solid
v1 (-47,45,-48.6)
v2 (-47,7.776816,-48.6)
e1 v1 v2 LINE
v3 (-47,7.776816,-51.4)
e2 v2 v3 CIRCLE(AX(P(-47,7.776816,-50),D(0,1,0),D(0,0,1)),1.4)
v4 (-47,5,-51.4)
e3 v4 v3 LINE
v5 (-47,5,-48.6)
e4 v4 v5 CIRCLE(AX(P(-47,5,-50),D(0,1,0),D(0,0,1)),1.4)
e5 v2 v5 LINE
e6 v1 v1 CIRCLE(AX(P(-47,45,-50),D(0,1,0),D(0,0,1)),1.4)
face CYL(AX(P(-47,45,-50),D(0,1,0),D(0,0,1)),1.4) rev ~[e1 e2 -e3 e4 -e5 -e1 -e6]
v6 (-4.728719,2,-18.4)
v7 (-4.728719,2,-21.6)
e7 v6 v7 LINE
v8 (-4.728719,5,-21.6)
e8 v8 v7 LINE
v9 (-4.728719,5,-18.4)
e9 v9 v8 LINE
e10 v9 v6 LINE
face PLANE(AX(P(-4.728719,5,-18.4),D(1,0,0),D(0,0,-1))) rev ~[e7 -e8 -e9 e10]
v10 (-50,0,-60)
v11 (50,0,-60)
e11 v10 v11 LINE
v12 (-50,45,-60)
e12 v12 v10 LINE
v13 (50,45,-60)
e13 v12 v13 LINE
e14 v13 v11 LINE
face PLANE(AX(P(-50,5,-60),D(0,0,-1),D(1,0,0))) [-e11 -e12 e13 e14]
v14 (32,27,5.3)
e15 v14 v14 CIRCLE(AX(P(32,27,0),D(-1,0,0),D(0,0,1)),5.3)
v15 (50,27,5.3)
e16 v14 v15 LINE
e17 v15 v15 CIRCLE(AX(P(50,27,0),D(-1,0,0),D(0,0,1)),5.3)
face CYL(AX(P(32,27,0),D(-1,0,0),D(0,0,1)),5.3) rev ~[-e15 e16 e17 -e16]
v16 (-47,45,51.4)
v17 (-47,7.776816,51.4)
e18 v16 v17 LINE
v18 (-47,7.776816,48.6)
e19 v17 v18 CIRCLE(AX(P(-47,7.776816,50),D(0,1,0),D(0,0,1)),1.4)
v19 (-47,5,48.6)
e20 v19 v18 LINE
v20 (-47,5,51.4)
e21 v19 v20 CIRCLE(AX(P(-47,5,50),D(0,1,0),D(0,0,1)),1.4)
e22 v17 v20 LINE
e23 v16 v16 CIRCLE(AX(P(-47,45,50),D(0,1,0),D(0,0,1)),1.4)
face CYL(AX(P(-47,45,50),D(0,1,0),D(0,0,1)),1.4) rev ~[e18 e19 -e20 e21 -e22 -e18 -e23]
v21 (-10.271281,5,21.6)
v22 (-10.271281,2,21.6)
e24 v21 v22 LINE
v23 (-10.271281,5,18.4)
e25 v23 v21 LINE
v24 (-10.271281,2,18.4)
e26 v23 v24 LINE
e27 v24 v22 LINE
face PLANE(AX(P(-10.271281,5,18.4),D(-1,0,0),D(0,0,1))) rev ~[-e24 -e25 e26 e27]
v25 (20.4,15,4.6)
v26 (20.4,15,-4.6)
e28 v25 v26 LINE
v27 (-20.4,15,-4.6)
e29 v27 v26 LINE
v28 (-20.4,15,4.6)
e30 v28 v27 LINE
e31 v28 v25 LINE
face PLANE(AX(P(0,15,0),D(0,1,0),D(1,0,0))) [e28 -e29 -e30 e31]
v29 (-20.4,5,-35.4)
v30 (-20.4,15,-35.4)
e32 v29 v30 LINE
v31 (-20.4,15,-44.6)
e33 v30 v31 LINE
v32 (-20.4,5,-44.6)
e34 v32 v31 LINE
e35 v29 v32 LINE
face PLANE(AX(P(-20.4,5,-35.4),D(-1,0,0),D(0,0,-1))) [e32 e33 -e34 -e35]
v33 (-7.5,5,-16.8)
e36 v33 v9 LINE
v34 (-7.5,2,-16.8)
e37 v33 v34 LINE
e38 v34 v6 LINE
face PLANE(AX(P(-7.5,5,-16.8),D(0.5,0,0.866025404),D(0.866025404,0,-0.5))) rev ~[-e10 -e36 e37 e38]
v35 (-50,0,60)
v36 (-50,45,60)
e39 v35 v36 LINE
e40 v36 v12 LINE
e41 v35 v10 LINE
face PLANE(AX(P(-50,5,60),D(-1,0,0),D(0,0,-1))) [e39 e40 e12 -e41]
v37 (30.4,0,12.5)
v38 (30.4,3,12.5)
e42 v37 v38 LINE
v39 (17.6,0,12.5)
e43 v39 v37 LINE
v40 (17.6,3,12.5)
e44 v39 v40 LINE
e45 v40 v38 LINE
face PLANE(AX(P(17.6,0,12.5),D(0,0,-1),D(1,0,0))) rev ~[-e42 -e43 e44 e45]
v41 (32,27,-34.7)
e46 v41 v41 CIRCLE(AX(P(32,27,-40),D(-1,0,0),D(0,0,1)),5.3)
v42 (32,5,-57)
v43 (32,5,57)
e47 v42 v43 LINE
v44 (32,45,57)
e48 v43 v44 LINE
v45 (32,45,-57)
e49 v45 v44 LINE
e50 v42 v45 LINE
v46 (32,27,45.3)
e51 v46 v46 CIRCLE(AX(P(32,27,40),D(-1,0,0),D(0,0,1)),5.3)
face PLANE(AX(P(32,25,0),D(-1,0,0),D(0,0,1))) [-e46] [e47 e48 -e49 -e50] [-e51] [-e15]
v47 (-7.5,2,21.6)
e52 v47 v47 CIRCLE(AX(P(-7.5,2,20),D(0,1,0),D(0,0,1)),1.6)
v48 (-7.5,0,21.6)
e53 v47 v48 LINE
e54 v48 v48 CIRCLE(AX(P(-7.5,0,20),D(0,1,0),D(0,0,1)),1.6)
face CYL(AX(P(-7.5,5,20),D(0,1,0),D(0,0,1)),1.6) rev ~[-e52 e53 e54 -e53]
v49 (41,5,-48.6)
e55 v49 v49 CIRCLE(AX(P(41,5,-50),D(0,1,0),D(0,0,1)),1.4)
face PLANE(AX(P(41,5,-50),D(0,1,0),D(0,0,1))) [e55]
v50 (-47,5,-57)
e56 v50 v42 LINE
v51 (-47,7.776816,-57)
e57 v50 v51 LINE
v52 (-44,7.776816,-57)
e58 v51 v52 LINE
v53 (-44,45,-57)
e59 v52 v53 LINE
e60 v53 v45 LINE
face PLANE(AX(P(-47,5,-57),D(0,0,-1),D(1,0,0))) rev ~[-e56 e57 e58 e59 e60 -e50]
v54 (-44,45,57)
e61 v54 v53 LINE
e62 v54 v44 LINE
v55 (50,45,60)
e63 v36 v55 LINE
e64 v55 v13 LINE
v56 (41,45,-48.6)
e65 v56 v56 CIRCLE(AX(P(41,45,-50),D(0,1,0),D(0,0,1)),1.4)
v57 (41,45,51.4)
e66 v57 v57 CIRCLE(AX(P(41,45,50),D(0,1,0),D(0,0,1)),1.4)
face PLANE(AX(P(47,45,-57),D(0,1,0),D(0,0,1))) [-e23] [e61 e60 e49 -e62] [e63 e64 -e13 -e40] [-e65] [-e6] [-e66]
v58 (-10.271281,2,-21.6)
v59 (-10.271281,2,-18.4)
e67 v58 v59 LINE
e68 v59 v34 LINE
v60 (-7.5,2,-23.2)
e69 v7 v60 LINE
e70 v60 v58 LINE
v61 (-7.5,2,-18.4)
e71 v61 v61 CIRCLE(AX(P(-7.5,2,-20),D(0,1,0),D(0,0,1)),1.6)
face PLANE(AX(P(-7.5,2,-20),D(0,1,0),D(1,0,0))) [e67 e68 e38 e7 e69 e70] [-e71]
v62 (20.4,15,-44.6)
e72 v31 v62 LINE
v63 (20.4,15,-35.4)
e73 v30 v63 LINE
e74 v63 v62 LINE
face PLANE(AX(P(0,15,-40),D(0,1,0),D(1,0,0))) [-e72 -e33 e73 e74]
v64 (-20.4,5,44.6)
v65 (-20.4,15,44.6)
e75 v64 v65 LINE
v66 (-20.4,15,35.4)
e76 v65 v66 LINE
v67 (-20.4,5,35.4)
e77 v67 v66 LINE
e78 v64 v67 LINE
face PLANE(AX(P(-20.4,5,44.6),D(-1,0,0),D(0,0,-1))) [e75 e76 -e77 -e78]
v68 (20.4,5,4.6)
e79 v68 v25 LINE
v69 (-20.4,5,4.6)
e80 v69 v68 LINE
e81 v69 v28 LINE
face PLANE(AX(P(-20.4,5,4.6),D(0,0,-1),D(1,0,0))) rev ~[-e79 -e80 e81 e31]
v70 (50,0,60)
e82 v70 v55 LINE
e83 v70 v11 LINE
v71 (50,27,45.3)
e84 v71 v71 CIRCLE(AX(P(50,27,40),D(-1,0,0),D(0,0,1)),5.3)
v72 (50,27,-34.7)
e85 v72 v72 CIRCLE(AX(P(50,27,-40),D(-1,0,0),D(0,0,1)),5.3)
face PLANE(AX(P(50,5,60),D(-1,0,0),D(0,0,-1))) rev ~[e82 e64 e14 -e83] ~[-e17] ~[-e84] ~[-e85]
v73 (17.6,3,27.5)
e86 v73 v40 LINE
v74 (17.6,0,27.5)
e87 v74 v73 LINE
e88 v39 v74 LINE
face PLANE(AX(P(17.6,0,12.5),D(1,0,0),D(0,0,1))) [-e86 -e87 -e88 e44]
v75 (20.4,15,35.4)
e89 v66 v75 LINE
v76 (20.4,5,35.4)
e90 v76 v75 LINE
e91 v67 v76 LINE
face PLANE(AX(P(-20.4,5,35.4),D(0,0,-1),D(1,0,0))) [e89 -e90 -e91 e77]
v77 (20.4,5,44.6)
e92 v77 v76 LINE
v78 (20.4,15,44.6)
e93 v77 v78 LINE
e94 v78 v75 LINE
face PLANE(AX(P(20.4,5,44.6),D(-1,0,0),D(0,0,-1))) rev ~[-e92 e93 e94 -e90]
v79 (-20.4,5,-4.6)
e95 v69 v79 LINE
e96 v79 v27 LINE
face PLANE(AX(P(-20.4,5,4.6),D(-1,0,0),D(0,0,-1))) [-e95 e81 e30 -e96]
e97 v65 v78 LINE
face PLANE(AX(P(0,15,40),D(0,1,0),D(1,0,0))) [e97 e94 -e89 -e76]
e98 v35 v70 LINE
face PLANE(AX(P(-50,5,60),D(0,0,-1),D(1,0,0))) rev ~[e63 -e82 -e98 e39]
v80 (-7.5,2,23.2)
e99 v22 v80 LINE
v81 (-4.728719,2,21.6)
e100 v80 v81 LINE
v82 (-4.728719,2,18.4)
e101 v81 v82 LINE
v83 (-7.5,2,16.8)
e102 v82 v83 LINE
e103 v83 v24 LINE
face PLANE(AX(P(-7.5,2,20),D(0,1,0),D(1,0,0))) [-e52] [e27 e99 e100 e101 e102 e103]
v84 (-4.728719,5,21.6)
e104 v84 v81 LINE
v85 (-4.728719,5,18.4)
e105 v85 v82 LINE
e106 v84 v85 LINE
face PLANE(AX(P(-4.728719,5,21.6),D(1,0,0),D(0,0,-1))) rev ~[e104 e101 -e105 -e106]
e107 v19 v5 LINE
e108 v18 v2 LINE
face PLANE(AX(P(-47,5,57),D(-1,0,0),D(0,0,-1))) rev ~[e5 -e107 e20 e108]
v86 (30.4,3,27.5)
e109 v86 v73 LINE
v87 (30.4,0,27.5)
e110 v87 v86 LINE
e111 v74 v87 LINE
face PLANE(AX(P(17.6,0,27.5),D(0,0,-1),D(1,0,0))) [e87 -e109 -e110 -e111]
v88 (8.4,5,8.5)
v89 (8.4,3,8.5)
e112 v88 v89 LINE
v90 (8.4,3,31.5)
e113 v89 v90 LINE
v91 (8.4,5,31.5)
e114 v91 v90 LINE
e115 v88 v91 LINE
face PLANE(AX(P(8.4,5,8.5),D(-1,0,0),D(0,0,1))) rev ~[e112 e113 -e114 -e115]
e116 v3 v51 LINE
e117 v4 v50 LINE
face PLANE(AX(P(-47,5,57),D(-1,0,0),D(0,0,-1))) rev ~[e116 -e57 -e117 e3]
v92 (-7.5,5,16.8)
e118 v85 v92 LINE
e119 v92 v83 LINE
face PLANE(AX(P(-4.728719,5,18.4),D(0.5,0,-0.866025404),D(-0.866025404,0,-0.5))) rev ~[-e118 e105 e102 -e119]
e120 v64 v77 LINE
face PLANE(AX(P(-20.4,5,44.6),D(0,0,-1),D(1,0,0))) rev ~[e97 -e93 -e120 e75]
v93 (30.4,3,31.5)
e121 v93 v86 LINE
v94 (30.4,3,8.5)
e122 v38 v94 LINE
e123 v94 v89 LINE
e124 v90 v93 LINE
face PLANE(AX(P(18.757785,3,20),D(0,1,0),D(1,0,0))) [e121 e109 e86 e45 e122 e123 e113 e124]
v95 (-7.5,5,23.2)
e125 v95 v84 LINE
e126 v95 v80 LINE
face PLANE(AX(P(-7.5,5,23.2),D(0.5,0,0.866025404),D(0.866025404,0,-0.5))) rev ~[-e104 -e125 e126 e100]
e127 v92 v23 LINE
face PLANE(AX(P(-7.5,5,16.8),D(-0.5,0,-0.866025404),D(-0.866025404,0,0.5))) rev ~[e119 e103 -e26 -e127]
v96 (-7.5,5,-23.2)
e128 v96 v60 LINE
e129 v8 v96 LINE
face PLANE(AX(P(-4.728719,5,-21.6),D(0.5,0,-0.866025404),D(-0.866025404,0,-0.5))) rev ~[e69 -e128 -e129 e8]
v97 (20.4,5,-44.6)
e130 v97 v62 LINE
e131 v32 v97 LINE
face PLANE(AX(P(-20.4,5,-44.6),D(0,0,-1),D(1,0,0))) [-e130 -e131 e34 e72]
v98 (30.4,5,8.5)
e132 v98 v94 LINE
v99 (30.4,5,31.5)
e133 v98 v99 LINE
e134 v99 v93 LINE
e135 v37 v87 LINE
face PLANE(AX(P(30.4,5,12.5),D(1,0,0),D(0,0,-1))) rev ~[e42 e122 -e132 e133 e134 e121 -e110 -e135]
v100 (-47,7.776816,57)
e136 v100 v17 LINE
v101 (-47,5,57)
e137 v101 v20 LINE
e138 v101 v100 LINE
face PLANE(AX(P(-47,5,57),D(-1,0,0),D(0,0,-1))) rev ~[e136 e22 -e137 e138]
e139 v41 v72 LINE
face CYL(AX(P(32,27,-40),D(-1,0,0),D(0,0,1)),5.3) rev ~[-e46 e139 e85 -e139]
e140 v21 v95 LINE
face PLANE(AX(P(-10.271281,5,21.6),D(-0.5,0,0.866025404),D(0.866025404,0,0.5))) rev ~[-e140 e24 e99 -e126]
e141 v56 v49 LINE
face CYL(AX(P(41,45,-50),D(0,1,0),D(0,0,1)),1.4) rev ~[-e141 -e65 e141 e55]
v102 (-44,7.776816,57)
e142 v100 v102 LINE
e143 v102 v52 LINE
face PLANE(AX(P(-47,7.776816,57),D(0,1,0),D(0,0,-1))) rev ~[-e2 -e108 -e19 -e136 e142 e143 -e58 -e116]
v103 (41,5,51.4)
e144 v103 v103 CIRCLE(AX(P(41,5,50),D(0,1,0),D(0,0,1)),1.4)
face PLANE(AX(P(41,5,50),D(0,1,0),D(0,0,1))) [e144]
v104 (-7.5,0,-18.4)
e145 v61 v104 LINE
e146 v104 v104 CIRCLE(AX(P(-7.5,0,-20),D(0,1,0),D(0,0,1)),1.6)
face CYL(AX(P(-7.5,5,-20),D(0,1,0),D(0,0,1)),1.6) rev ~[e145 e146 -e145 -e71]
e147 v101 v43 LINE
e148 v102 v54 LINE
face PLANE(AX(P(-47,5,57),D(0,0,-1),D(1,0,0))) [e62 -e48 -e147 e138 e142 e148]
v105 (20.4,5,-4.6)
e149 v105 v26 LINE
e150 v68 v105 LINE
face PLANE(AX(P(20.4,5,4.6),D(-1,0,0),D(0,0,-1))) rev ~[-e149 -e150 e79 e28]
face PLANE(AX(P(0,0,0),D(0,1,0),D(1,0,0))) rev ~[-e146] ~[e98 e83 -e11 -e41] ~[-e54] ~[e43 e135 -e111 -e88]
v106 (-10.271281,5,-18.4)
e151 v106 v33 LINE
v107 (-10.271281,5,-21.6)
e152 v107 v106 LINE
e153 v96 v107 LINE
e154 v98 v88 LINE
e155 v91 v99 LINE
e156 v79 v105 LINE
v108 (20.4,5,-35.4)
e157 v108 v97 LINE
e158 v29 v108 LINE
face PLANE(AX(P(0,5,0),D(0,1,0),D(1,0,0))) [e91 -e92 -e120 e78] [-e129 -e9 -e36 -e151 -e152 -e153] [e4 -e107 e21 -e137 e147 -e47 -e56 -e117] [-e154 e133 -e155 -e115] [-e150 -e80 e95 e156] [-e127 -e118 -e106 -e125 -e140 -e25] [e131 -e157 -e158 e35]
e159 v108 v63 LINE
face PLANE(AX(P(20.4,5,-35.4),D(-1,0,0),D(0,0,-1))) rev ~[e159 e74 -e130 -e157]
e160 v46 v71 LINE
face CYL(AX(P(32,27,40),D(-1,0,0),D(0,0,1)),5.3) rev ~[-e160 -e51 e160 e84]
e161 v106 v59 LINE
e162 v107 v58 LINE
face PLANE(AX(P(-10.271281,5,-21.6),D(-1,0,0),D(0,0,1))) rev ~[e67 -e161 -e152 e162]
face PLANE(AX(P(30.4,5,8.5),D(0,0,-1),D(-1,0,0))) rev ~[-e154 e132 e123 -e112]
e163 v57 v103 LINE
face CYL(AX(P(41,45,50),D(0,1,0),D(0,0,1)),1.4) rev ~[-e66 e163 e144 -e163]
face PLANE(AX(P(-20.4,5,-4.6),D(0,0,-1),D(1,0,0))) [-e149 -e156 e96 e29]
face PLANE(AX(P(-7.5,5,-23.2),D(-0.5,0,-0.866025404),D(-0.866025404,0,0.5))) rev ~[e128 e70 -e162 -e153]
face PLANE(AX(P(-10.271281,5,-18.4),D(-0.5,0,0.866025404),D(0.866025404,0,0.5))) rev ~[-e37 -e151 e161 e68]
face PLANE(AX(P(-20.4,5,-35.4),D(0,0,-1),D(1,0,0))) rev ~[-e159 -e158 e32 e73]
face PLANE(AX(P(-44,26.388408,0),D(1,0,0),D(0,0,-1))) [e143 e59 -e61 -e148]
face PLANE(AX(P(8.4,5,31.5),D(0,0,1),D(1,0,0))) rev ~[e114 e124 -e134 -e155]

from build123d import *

# Parameters (mm, degrees)
SKETCH1_W           = 100
SKETCH1_H           = 120
BOSS_EXTRUDE1_DEPTH = 5
SKETCH2_W           = 100
SKETCH2_H           = 120
SKETCH2_W_2         = 94
SKETCH2_H_2         = 114
BOSS_EXTRUDE2_DEPTH = 40
SKETCH3_W           = 40.8
SKETCH3_H           = 9.2
BOSS_EXTRUDE3_DEPTH = 10
SKETCH4_W           = 114
SKETCH4_H           = 40
BOSS_EXTRUDE4_DEPTH = 15
SKETCH5_R           = 5.3
CUT_EXTRUDE1_DEPTH  = 18
SKETCH8_R           = 1.6
CUT_EXTRUDE2_DEPTH  = 88.749643874
CUT_EXTRUDE3_DEPTH  = 3
SKETCH10_W          = 114
SKETCH10_H          = 37.223183771
BOSS_EXTRUDE6_DEPTH = 3
SKETCH11_R          = 1.4
CUT_EXTRUDE4_DEPTH  = 40
SKETCH14_W          = 12.8
SKETCH14_H          = 15
CUT_EXTRUDE5_DEPTH  = 5
CUT_EXTRUDE6_DEPTH  = 2


with BuildPart() as part:
    # Sketch1 → Boss-Extrude1 (new body)
    with BuildSketch(Plane(origin=(0, 0, 0), x_dir=(1, 0, 0), z_dir=(0, 1, 0))):
        Rectangle(SKETCH1_W, SKETCH1_H)
    extrude(amount=BOSS_EXTRUDE1_DEPTH)

    # Sketch2 → Boss-Extrude2 (add)
    with BuildSketch(Plane(origin=(0, 5, 0), x_dir=(1, 0, 0), z_dir=(0, 1, 0))):
        Rectangle(SKETCH2_W, SKETCH2_H)
        Rectangle(SKETCH2_W_2, SKETCH2_H_2, mode=Mode.SUBTRACT)
    extrude(amount=BOSS_EXTRUDE2_DEPTH)

    # Sketch3 → Boss-Extrude3 (add)
    with BuildSketch(Plane(origin=(0, 5, 0), x_dir=(1, 0, 0), z_dir=(0, 1, 0))):
        with Locations((0, 40)):
            Rectangle(SKETCH3_W, SKETCH3_H)
        Rectangle(SKETCH3_W, SKETCH3_H)
        with Locations((0, -40)):
            Rectangle(SKETCH3_W, SKETCH3_H)
    extrude(amount=BOSS_EXTRUDE3_DEPTH)

    # Sketch4 → Boss-Extrude4 (add)
    with BuildSketch(Plane.ZY.offset(-47)):
        with Locations((0, 25)):
            Rectangle(SKETCH4_W, SKETCH4_H)
    extrude(amount=BOSS_EXTRUDE4_DEPTH)

    # Sketch5 → Cut-Extrude1 (cut)
    with BuildSketch(Plane.ZY.offset(-32)):
        with Locations((-40, 27)):
            Circle(SKETCH5_R)
        with Locations((0, 27)):
            Circle(SKETCH5_R)
        with Locations((40, 27)):
            Circle(SKETCH5_R)
    extrude(amount=-CUT_EXTRUDE1_DEPTH, mode=Mode.SUBTRACT)

    # Sketch8 → Cut-Extrude2 (cut, through all)
    with BuildSketch(Plane(origin=(0, 5, 0), x_dir=(1, 0, 0), z_dir=(0, 1, 0))):
        with Locations(Location((-7.5, -20, 0), (0, 0, 270))):
            Circle(SKETCH8_R)
        with Locations(Location((-7.5, 20, 0), (0, 0, 270))):
            Circle(SKETCH8_R)
    extrude(amount=-CUT_EXTRUDE2_DEPTH, mode=Mode.SUBTRACT)

    # Sketch9 → Cut-Extrude3 (cut)
    with BuildSketch(Plane(origin=(0, 5, 0), x_dir=(1, 0, 0), z_dir=(0, 1, 0))):
        Polygon((-10.271281292, -21.6), (-7.5, -23.2), (-4.728718708, -21.6), (-4.728718708, -18.4), (-7.5, -16.8), (-10.271281292, -18.4), align=None)
        Polygon((-10.271281292, 21.6), (-10.271281292, 18.4), (-7.5, 16.8), (-4.728718708, 18.4), (-4.728718708, 21.6), (-7.5, 23.2), align=None)
    extrude(amount=-CUT_EXTRUDE3_DEPTH, mode=Mode.SUBTRACT)

    # Sketch10 → Boss-Extrude6 (add)
    with BuildSketch(Plane(origin=(-47, 0, 0), x_dir=(0, 0, -1), z_dir=(1, 0, 0))):
        with Locations((0, 26.388408114)):
            Rectangle(SKETCH10_W, SKETCH10_H)
    extrude(amount=BOSS_EXTRUDE6_DEPTH)

    # Sketch11 → Cut-Extrude4 (cut)
    with BuildSketch(Plane(origin=(0, 45, 0), x_dir=(1, 0, 0), z_dir=(0, 1, 0))):
        with Locations(Location((41, -50, 0), (0, 0, 270))):
            Circle(SKETCH11_R)
        with Locations(Location((41, 50, 0), (0, 0, 270))):
            Circle(SKETCH11_R)
        with Locations(Location((-47, 50, 0), (0, 0, 270))):
            Circle(SKETCH11_R)
        with Locations(Location((-47, -50, 0), (0, 0, 270))):
            Circle(SKETCH11_R)
    extrude(amount=-CUT_EXTRUDE4_DEPTH, mode=Mode.SUBTRACT)

    # Sketch14 → Cut-Extrude5 (cut)
    with BuildSketch(Plane.XZ):
        with Locations((24, 20)):
            Rectangle(SKETCH14_W, SKETCH14_H)
    extrude(amount=-CUT_EXTRUDE5_DEPTH, mode=Mode.SUBTRACT)

    # Sketch15 → Cut-Extrude6 (cut)
    with BuildSketch(Plane(origin=(0, 5, 0), x_dir=(1, 0, 0), z_dir=(0, 1, 0))):
        Polygon((30.4, -12.5), (30.4, -8.5), (8.4, -8.5), (8.4, -31.5), (30.4, -31.5), (30.4, -27.5), (17.6, -27.5), (17.6, -12.5), align=None)
    extrude(amount=-CUT_EXTRUDE6_DEPTH, mode=Mode.SUBTRACT)


solid = part.part
